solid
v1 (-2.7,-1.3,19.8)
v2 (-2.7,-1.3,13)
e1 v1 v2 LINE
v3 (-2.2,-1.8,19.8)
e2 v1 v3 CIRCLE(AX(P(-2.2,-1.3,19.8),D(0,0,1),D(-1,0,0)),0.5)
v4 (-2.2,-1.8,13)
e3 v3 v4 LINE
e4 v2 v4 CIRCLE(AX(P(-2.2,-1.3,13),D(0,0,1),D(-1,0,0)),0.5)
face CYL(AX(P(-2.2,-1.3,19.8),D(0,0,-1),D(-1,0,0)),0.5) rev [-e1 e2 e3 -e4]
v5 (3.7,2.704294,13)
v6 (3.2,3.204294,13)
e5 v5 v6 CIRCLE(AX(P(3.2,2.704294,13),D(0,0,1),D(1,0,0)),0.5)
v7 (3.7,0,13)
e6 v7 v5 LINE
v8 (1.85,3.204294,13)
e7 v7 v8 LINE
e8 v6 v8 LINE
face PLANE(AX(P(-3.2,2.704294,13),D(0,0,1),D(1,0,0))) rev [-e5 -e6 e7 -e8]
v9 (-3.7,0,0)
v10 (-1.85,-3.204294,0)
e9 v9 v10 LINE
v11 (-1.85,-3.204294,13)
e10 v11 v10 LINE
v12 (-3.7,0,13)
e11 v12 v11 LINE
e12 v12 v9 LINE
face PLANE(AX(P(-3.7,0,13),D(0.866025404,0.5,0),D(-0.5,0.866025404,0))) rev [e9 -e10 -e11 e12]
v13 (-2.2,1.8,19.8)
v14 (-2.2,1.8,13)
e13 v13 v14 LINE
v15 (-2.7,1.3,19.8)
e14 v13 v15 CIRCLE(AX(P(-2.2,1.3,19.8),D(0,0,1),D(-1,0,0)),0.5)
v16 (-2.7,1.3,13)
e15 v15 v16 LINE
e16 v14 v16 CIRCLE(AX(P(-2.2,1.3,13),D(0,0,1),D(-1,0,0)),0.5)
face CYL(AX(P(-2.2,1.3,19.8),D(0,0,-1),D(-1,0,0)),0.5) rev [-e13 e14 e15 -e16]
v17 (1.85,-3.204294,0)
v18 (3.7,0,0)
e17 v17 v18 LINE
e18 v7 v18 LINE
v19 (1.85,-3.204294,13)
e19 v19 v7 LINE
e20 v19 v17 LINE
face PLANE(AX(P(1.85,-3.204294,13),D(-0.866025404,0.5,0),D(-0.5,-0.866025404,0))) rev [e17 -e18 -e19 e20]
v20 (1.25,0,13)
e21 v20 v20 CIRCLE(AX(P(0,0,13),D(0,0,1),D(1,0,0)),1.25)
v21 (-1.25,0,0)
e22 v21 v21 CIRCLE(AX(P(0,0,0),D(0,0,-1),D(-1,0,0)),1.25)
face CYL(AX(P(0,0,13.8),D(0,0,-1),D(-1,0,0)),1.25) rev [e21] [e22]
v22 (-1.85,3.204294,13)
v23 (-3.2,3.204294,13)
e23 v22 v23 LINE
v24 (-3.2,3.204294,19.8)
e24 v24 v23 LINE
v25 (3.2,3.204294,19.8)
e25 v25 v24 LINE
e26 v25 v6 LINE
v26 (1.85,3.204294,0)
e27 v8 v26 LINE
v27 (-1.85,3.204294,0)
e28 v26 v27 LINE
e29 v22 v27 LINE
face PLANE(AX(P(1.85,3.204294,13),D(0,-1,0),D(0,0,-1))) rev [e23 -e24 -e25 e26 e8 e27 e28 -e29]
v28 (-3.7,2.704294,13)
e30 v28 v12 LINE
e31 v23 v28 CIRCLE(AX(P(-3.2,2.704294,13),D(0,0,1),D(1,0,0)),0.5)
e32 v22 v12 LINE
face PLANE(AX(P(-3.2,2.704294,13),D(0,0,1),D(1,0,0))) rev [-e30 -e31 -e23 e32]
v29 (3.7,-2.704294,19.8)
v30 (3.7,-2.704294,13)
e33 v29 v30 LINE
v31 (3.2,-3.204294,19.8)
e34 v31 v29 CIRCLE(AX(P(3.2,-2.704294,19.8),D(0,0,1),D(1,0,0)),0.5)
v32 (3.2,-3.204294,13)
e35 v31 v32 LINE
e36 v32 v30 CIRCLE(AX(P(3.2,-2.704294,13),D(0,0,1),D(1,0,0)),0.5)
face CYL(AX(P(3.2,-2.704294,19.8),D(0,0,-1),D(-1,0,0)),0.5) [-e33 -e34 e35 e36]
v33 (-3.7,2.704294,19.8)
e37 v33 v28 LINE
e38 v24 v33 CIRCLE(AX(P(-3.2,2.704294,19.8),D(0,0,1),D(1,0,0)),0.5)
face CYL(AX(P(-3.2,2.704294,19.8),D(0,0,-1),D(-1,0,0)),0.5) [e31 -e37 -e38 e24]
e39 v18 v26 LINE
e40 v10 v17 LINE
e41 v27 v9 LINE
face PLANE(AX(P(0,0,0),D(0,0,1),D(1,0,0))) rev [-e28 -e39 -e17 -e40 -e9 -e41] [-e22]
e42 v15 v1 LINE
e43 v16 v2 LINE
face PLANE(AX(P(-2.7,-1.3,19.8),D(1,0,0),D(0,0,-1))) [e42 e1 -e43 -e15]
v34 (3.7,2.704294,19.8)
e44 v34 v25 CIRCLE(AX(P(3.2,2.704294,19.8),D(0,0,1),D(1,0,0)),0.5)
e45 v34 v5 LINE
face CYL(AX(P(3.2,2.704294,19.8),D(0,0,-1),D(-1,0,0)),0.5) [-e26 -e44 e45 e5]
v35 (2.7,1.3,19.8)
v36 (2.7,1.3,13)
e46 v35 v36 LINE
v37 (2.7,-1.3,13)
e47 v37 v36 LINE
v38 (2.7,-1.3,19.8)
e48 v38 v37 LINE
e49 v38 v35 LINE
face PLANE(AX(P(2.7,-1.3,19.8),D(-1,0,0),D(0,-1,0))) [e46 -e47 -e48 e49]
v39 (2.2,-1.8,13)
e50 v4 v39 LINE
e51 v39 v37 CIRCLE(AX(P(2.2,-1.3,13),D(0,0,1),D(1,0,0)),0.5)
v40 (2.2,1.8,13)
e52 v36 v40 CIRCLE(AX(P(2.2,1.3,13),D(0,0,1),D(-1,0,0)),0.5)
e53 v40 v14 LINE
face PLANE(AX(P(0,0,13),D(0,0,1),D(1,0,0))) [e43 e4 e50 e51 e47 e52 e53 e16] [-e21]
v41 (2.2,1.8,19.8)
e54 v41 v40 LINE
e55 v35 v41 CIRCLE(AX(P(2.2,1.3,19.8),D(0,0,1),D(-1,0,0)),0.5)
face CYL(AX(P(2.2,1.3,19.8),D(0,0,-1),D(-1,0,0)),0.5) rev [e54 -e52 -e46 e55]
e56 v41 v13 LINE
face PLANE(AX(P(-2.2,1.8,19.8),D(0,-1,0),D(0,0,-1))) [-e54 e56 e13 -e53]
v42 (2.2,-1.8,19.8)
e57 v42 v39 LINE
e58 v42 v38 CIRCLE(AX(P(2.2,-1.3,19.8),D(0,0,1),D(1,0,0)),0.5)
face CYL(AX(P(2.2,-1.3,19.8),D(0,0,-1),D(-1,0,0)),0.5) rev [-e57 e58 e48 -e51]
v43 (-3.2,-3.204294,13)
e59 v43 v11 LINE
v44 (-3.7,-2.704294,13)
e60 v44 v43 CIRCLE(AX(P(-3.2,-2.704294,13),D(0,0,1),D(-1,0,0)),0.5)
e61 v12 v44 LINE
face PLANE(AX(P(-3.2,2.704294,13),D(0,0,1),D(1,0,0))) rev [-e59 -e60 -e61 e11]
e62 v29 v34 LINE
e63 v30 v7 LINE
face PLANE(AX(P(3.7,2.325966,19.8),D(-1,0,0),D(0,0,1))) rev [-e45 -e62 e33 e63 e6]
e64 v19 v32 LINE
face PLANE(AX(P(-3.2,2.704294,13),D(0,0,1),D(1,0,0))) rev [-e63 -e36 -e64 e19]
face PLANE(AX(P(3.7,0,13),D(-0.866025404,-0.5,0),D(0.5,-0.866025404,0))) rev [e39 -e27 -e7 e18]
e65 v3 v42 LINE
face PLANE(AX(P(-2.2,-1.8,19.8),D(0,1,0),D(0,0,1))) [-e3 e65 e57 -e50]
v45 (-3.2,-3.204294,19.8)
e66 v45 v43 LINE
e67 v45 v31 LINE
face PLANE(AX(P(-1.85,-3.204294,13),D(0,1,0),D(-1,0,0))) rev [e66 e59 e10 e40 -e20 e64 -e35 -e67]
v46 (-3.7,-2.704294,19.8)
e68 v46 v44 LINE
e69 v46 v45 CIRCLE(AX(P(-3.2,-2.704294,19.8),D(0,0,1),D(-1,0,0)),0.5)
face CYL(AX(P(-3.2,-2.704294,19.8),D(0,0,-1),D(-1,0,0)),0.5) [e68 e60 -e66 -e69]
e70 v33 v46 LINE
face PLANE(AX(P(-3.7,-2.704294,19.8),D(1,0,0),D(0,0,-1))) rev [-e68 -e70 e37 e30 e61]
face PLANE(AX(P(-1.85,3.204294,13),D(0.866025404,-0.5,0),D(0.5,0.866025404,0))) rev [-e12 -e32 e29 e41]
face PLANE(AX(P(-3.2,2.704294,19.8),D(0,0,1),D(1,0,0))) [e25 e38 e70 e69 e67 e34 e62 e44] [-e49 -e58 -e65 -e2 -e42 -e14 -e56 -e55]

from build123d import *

# Parameters (mm, degrees)
Y_KSEKLIK_EKSTR_ZYON1_DEPTH = 13
Y_KSEKLIK_EKSTR_ZYON2_DEPTH = 6.8
IZIM3_R                     = 1.25
KES_EKSTR_ZYON1_DEPTH       = 13.8


with BuildPart() as part:
    # Çizim1 → Yükseklik-Ekstrüzyon1 (new body)
    with BuildSketch(Plane.XY):
        Polygon((3.7, 0), (1.85, 3.204293994), (-1.85, 3.204293994), (-3.7, 0), (-1.85, -3.204293994), (1.85, -3.204293994), align=None)
    extrude(amount=Y_KSEKLIK_EKSTR_ZYON1_DEPTH)

    # Çizim2 → Yükseklik-Ekstrüzyon2 (add)
    with BuildSketch(Plane.XY.offset(13)):
        with BuildLine():
            Line((1.85, -3.204293994), (3.2, -3.204293994))
            ThreePointArc((3.2, -3.204293994), (3.553553391, -3.057847385), (3.7, -2.704293994))
            Line((3.7, -2.704293994), (3.7, -2))
            Line((3.7, -2), (3.7, 2.325966452))
            Line((3.7, 2.325966452), (3.7, 2.704293994))
            ThreePointArc((3.7, 2.704293994), (3.553553391, 3.057847385), (3.2, 3.204293994))
            Line((3.2, 3.204293994), (1.85, 3.204293994))
            Line((1.85, 3.204293994), (-1.85, 3.204293994))
            Line((-1.85, 3.204293994), (-3.2, 3.204293994))
            ThreePointArc((-3.2, 3.204293994), (-3.553553391, 3.057847385), (-3.7, 2.704293994))
            Line((-3.7, 2.704293994), (-3.7, 2.328172496))
            Line((-3.7, 2.328172496), (-3.7, -2))
            Line((-3.7, -2), (-3.7, -2.704293994))
            ThreePointArc((-3.7, -2.704293994), (-3.553553391, -3.057847385), (-3.2, -3.204293994))
            Line((-3.2, -3.204293994), (-1.85, -3.204293994))
            Line((-1.85, -3.204293994), (1.85, -3.204293994))
        make_face()
        with BuildLine():
            Line((-2.2, -1.8), (2.2, -1.8))
            ThreePointArc((2.2, -1.8), (2.553553391, -1.653553391), (2.7, -1.3))
            Line((2.7, -1.3), (2.7, 1.3))
            ThreePointArc((2.7, 1.3), (2.553553391, 1.653553391), (2.2, 1.8))
            Line((2.2, 1.8), (-2.2, 1.8))
            ThreePointArc((-2.2, 1.8), (-2.553553391, 1.653553391), (-2.7, 1.3))
            Line((-2.7, 1.3), (-2.7, -1.3))
            ThreePointArc((-2.7, -1.3), (-2.553553391, -1.653553391), (-2.2, -1.8))
        make_face(mode=Mode.SUBTRACT)
    extrude(amount=Y_KSEKLIK_EKSTR_ZYON2_DEPTH)

    # Çizim3 → Kes-Ekstrüzyon1 (cut)
    with BuildSketch(Plane(origin=(0, 0, 0), x_dir=(-1, 0, 0), z_dir=(0, 0, -1))):
        Circle(IZIM3_R)
    extrude(amount=-KES_EKSTR_ZYON1_DEPTH, mode=Mode.SUBTRACT)


solid = part.part
